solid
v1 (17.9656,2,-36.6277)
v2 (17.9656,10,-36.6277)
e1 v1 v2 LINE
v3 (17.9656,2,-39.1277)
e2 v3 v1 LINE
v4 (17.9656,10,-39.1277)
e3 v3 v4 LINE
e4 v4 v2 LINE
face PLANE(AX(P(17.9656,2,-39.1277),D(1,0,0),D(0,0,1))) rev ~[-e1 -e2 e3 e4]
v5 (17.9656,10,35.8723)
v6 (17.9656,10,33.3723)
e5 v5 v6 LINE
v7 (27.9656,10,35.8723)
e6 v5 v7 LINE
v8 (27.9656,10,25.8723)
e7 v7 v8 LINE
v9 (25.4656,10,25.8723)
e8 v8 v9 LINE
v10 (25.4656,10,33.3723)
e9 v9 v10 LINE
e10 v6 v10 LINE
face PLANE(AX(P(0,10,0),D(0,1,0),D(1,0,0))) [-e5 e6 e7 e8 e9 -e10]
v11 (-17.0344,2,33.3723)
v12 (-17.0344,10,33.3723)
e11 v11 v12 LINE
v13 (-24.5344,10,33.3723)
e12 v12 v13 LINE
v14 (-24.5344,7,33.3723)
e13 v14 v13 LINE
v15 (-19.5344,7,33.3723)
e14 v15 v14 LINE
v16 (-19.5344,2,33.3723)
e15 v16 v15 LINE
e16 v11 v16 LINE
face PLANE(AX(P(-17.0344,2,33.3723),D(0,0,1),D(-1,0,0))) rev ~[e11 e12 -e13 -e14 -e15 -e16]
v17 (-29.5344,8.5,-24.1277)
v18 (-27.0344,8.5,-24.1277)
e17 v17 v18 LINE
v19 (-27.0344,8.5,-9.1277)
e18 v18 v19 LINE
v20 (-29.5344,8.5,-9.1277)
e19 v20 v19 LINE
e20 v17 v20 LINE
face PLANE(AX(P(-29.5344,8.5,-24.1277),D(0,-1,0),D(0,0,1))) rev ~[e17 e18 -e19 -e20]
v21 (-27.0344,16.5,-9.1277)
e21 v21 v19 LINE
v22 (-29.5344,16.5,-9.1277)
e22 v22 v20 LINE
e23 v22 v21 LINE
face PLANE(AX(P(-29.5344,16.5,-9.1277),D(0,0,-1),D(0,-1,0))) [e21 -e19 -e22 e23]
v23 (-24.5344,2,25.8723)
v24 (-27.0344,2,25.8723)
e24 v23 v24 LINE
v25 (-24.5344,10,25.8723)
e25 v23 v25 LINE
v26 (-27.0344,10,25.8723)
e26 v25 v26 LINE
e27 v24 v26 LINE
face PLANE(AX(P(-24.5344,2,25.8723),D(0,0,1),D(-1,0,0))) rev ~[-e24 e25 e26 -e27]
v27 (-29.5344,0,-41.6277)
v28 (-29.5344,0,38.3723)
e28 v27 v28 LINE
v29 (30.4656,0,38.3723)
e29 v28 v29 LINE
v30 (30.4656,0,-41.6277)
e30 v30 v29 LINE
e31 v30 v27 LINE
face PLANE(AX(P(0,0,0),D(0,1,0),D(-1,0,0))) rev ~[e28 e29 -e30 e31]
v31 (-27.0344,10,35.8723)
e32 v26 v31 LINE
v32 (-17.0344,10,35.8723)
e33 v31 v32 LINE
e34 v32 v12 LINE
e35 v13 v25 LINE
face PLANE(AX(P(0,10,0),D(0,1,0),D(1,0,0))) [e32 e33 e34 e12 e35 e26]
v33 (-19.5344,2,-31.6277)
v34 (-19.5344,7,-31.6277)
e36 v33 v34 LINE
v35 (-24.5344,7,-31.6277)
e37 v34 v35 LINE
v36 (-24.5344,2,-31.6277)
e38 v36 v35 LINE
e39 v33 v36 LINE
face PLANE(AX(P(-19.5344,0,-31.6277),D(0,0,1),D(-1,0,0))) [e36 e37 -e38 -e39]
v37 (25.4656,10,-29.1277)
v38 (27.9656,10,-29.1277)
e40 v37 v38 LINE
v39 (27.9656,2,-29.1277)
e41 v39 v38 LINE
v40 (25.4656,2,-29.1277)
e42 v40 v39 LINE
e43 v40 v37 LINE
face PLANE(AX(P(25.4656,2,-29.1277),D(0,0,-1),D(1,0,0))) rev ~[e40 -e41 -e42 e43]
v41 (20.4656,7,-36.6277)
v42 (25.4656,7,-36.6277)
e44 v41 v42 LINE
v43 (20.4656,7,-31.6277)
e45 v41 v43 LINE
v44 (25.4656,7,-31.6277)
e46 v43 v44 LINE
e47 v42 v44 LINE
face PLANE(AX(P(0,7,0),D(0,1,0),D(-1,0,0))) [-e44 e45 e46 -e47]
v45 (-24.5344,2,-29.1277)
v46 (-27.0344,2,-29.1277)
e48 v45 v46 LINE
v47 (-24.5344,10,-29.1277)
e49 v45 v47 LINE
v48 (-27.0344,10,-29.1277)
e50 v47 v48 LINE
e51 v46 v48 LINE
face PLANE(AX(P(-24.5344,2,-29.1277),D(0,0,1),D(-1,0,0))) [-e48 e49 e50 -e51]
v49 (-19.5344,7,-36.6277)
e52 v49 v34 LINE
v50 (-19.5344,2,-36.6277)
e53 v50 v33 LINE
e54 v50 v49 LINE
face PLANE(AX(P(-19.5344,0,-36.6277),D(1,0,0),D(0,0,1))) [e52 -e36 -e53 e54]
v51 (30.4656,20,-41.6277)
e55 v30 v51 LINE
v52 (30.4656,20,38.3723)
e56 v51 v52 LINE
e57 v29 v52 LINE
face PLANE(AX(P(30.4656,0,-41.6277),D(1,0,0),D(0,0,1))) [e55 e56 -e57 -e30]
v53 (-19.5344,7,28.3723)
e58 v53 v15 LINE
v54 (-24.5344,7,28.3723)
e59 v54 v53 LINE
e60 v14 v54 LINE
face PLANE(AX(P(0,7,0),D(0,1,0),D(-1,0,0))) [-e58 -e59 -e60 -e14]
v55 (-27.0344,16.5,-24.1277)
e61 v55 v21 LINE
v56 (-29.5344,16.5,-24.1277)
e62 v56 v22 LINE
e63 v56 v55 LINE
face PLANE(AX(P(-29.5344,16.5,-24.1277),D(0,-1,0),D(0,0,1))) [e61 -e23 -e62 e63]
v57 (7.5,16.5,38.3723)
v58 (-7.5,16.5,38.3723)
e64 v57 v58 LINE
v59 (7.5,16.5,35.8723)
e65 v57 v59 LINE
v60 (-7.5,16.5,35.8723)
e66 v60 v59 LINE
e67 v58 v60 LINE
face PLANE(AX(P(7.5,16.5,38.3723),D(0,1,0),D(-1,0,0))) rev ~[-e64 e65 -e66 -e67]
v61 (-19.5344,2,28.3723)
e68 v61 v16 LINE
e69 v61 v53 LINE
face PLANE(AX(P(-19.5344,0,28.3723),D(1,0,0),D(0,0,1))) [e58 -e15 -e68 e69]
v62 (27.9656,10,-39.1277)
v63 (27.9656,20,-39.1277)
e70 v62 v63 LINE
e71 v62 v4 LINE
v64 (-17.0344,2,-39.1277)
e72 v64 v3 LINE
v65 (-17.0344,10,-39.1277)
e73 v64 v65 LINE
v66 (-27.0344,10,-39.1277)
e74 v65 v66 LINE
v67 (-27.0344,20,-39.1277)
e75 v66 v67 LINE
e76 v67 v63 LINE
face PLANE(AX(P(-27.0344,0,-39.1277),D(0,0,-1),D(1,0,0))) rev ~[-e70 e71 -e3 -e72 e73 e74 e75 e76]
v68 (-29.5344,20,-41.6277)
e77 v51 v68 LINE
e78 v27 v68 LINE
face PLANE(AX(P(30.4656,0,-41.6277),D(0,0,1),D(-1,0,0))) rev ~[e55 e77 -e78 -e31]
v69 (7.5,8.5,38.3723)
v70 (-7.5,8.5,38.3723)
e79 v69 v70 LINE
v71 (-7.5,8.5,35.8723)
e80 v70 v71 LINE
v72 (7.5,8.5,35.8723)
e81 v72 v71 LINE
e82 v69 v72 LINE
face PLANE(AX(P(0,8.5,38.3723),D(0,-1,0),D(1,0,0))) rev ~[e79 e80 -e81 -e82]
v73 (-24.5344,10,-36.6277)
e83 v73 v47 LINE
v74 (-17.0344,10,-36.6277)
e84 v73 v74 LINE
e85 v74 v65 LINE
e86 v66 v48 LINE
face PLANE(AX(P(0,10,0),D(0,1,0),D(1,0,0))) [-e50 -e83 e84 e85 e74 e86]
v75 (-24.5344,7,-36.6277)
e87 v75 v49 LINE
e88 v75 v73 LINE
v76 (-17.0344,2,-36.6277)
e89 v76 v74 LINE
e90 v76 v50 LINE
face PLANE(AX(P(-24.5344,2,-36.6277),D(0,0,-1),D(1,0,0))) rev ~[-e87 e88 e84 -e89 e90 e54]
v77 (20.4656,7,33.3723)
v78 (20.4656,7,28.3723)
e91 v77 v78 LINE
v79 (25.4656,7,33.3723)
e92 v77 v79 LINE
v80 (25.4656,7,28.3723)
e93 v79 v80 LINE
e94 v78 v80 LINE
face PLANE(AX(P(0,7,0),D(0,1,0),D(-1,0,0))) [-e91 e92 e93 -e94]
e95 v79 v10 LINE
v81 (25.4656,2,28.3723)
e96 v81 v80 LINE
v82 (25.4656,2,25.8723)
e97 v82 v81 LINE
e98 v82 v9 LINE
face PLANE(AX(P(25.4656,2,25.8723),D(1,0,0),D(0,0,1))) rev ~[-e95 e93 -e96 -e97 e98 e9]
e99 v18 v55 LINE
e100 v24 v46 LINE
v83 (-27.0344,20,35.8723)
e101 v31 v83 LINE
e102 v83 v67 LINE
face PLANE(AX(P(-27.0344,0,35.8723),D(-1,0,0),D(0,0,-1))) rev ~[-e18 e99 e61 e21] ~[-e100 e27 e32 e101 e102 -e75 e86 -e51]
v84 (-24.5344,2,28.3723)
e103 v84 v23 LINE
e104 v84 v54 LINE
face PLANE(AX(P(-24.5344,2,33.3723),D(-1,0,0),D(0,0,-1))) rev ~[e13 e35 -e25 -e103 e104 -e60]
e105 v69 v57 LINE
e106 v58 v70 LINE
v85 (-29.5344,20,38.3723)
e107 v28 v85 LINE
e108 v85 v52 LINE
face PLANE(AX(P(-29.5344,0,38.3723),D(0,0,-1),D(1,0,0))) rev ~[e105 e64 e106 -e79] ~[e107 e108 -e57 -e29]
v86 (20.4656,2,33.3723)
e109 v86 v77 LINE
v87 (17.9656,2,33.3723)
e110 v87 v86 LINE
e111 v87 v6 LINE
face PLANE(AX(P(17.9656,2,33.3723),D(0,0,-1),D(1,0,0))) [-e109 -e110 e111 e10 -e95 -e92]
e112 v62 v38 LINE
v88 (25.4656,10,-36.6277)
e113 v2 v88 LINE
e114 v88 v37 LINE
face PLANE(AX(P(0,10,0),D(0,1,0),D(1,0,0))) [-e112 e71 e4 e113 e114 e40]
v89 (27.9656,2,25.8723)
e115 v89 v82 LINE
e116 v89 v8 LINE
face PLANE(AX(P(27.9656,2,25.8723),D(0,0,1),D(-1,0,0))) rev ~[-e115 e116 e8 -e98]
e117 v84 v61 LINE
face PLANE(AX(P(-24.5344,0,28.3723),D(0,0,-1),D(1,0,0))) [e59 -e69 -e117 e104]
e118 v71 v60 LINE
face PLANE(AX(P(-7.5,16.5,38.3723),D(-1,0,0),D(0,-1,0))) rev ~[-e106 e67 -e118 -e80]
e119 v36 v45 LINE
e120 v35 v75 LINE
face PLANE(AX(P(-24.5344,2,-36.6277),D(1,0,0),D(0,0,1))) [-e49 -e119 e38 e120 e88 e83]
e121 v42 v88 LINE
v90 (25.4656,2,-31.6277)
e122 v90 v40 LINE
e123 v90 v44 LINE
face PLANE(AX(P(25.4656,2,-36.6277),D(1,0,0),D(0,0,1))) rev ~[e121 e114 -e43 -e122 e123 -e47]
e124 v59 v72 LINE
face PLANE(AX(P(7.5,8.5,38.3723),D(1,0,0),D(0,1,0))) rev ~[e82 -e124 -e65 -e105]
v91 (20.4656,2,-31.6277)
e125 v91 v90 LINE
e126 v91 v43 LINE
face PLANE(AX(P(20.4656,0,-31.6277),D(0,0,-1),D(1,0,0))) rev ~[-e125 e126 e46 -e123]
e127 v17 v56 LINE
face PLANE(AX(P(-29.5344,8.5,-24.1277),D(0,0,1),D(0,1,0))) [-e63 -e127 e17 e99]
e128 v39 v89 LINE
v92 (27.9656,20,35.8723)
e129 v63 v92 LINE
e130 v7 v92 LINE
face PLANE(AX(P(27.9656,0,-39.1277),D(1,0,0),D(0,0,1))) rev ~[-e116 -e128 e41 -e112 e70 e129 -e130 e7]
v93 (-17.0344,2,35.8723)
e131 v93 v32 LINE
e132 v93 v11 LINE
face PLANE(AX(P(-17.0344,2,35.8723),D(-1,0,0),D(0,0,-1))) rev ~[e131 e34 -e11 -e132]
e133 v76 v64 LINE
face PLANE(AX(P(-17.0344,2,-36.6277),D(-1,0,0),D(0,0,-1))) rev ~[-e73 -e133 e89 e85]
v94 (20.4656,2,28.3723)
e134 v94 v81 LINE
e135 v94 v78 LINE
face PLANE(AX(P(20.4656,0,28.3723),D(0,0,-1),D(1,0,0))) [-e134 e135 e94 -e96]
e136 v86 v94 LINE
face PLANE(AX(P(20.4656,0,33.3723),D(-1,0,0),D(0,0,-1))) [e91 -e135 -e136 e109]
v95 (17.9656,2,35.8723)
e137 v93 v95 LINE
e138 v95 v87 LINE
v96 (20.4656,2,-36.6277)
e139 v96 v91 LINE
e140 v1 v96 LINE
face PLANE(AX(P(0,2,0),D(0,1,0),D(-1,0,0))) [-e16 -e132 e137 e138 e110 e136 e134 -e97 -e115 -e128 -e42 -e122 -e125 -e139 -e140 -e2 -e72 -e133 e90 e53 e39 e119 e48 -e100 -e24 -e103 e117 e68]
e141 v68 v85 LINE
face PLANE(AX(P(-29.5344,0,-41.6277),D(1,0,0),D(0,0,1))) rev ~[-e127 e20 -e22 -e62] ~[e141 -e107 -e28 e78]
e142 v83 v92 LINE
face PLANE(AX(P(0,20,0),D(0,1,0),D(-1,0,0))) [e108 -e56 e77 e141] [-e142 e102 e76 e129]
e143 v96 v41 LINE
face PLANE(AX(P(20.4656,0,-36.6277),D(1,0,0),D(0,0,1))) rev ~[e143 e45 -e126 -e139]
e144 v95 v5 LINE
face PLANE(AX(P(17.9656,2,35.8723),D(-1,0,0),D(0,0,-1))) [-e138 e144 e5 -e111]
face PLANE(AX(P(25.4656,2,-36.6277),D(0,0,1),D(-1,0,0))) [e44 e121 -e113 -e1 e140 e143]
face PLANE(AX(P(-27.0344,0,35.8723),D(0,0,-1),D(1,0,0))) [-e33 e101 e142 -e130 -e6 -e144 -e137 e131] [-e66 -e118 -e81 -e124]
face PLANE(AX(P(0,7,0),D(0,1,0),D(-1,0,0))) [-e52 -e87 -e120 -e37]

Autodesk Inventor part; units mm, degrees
ref_plane "YZ Plane" through (0, 0, 0) normal (1, 0, 0) x (0, 1, 0)
ref_plane "XZ Plane" through (0, 0, 0) normal (0, 1, 0) x (-1, 0, 0)
ref_plane "XY Plane" through (0, 0, 0) normal (0, 0, 1) x (1, 0, 0)
sketch "Sketch1" plane through (0, 0, 0) normal (0, 1, 0) x (-1, 0, 0)
  line L0 (27.0344, 35.8723) -> (-27.9656, 35.8723)
  line L1 (27.0344, 35.8723) -> (27.0344, -39.1277)
  line L2 (27.0344, -39.1277) -> (-27.9656, -39.1277)
  line L3 (-27.9656, -39.1277) -> (-27.9656, 35.8723)
  line L4 (24.5344, 33.3723) -> (22.0344, 33.3723)
  line L5 (-25.4656, -36.6277) -> (-22.9656, -36.6277)
  line L6 (-25.4656, -36.6277) -> (-25.4656, -34.1277)
  line L7 (24.5344, -36.6277) -> (22.0344, -36.6277)
  line L8 (24.5344, -36.6277) -> (24.5344, -34.1277)
  line L9 (24.5344, 30.8723) -> (24.5344, 33.3723)
  line L10 (22.0344, 33.3723) -> (19.5344, 33.3723)
  line L11 (24.5344, 30.8723) -> (24.5344, 28.3723)
  line L12 (24.5344, 28.3723) -> (19.5344, 28.3723)
  line L13 (19.5344, 28.3723) -> (19.5344, 33.3723)
  line L14 (-20.4656, 33.3723) -> (-20.4656, 28.3723)
  line L15 (-20.4656, 28.3723) -> (-25.4656, 28.3723)
  line L16 (22.0344, -36.6277) -> (19.5344, -36.6277)
  line L17 (19.5344, -36.6277) -> (19.5344, -31.6277)
  line L18 (19.5344, -31.6277) -> (24.5344, -31.6277)
  line L19 (24.5344, -31.6277) -> (24.5344, -34.1277)
  line L20 (-22.9656, -36.6277) -> (-20.4656, -36.6277)
  line L21 (-20.4656, -36.6277) -> (-20.4656, -31.6277)
  line L22 (-20.4656, -31.6277) -> (-25.4656, -31.6277)
  line L23 (-25.4656, -31.6277) -> (-25.4656, -34.1277)
  line L24 (-30.4656, -41.6277) -> (-30.4656, 38.3723)
  line L25 (-30.4656, -41.6277) -> (29.5344, -41.6277)
  line L26 (29.5344, -41.6277) -> (29.5344, 38.3723)
  line L27 (29.5344, 38.3723) -> (-30.4656, 38.3723)
  line L28 (-20.4656, 33.3723) -> (-25.4656, 33.3723)
  line L29 (-25.4656, 33.3723) -> (-25.4656, 28.3723)
  point P0 (0, 0)
  dimension "d1" = 55
  dimension "d2" = 75
  dimension "d34" = 80
  dimension "d35" = 60
  dimension "d36" = 5
extrude "Extrusion1" add sketch "Sketch1" along normal blind 2 contours L1 L2 L3 L0
extrude "Extrusion2" add sketch "Sketch1" along normal blind 7 contours L9 L11 L12 L13 L10 L4 | L6 L23 L22 L21 L20 L5 | L7 L16 L17 L18 L19 L8 | L14 L15 L29 L28
extrude "Extrusion3" add sketch "Sketch1" along normal blind 20 contours L24 L27 L26 L25
sketch "Sketch2" plane through (-29.5344, 0, 38.3723) normal (0, 0, 1) x (1, 0, 0)
  line L0 (55, 7) -> (50, 7) projected
  line L1 (52.5, 7) -> (52.5, 8.5)
  line L2 (10, 7) -> (5, 7) projected
  line L3 (5, 7) -> (5, 8.5)
  line L4 (29.5344, 8.5) -> (37.0344, 8.5)
  line L5 (37.0344, 8.5) -> (37.0344, 16.5)
  line L6 (37.0344, 16.5) -> (22.0344, 16.5)
  line L7 (22.0344, 16.5) -> (22.0344, 8.5)
  line L8 (22.0344, 8.5) -> (29.5344, 8.5)
  point P0 (29.5344, 0)
  dimension "d43" = 1.5
extrude "Extrusion4" cut sketch "Sketch2" against normal blind 10
sketch "Sketch3" plane through (0, 2, 0) normal (0, 1, 0) x (1, 0, 0)
  line L0 (-24.5344, 36.6277) -> (-19.5344, 36.6277) projected
  line L1 (-17.0344, 36.6277) -> (-17.0344, 39.1277)
  line L2 (27.9656, 39.1277) -> (-27.0344, 39.1277) projected
  line L3 (-17.0344, 39.1277) -> (-27.0344, 39.1277)
  line L4 (-24.5344, 29.1277) -> (-27.0344, 29.1277)
  line L5 (-27.0344, 39.1277) -> (-27.0344, -35.8723) projected
  line L6 (-27.0344, 29.1277) -> (-27.0344, 39.1277)
  line L7 (-24.5344, 36.6277) -> (-24.5344, 31.6277) projected
  line L8 (-17.0344, 36.6277) -> (-24.5344, 36.6277)
  line L9 (-24.5344, 36.6277) -> (-24.5344, 29.1277)
  line L10 (27.9656, 39.1277) -> (17.9656, 39.1277)
  line L11 (27.9656, 39.1277) -> (27.9656, 29.1277)
  line L12 (27.9656, -35.8723) -> (27.9656, 39.1277) projected
  line L13 (17.9656, 39.1277) -> (17.9656, 36.6277)
  line L14 (25.4656, 36.6277) -> (20.4656, 36.6277) projected
  line L15 (17.9656, 36.6277) -> (25.4656, 36.6277)
  line L16 (25.4656, 36.6277) -> (25.4656, 29.1277)
  line L17 (25.4656, 29.1277) -> (27.9656, 29.1277)
  line L18 (-27.0344, -35.8723) -> (27.9656, -35.8723) projected
  line L19 (27.9656, -35.8723) -> (27.9656, -25.8723)
  line L20 (27.9656, -35.8723) -> (17.9656, -35.8723)
  line L21 (20.4656, -33.3723) -> (25.4656, -33.3723) projected
  line L22 (27.9656, -25.8723) -> (25.4656, -25.8723)
  line L23 (25.4656, -28.3723) -> (25.4656, -33.3723) projected
  line L24 (25.4656, -25.8723) -> (25.4656, -33.3723)
  line L25 (17.9656, -35.8723) -> (17.9656, -33.3723)
  line L26 (25.4656, -33.3723) -> (20.4656, -33.3723) projected
  line L27 (17.9656, -33.3723) -> (25.4656, -33.3723)
  line L28 (-27.0344, -35.8723) -> (-27.0344, -25.8723)
  line L29 (-27.0344, -35.8723) -> (-17.0344, -35.8723)
  line L30 (-17.0344, -35.8723) -> (-17.0344, -33.3723)
  line L31 (-17.0344, -33.3723) -> (-24.5344, -33.3723)
  line L32 (-24.5344, -33.3723) -> (-24.5344, -25.8723)
  line L33 (-24.5344, -25.8723) -> (-27.0344, -25.8723)
  point P0 (0, 0)
extrude "Extrusion5" add sketch "Sketch3" along normal blind 8 contours L7 L9 L4 L5 L2 L1 L8 L0
extrude "Extrusion6" add sketch "Sketch3" along normal blind 8 contours L2 L11 L17 L16 L14 L15 L13
extrude "Extrusion7" add sketch "Sketch3" along normal blind 8 contours L12 L18 L25 L27 L21 L23 L24 L22
extrude "Extrusion8" add sketch "Sketch3" along normal blind 8 contours L33 L32 L31 L30 L18 L5
sketch "Sketch4" plane through (-29.5344, 0, -41.6277) normal (-1, 0, 0) x (0, 0, 1)
  line L0 (0, 0) -> (0, 20) projected
  line L1 (17.5, 8.5) -> (17.5, 16.5)
  line L2 (17.5, 16.5) -> (32.5, 16.5)
  line L3 (32.5, 16.5) -> (32.5, 8.5)
  line L4 (17.5, 8.5) -> (32.5, 8.5)
  point P0 (41.6277, 0)
extrude "Extrusion9" cut sketch "Sketch4" against normal blind 5
properties part number "Caixa"
